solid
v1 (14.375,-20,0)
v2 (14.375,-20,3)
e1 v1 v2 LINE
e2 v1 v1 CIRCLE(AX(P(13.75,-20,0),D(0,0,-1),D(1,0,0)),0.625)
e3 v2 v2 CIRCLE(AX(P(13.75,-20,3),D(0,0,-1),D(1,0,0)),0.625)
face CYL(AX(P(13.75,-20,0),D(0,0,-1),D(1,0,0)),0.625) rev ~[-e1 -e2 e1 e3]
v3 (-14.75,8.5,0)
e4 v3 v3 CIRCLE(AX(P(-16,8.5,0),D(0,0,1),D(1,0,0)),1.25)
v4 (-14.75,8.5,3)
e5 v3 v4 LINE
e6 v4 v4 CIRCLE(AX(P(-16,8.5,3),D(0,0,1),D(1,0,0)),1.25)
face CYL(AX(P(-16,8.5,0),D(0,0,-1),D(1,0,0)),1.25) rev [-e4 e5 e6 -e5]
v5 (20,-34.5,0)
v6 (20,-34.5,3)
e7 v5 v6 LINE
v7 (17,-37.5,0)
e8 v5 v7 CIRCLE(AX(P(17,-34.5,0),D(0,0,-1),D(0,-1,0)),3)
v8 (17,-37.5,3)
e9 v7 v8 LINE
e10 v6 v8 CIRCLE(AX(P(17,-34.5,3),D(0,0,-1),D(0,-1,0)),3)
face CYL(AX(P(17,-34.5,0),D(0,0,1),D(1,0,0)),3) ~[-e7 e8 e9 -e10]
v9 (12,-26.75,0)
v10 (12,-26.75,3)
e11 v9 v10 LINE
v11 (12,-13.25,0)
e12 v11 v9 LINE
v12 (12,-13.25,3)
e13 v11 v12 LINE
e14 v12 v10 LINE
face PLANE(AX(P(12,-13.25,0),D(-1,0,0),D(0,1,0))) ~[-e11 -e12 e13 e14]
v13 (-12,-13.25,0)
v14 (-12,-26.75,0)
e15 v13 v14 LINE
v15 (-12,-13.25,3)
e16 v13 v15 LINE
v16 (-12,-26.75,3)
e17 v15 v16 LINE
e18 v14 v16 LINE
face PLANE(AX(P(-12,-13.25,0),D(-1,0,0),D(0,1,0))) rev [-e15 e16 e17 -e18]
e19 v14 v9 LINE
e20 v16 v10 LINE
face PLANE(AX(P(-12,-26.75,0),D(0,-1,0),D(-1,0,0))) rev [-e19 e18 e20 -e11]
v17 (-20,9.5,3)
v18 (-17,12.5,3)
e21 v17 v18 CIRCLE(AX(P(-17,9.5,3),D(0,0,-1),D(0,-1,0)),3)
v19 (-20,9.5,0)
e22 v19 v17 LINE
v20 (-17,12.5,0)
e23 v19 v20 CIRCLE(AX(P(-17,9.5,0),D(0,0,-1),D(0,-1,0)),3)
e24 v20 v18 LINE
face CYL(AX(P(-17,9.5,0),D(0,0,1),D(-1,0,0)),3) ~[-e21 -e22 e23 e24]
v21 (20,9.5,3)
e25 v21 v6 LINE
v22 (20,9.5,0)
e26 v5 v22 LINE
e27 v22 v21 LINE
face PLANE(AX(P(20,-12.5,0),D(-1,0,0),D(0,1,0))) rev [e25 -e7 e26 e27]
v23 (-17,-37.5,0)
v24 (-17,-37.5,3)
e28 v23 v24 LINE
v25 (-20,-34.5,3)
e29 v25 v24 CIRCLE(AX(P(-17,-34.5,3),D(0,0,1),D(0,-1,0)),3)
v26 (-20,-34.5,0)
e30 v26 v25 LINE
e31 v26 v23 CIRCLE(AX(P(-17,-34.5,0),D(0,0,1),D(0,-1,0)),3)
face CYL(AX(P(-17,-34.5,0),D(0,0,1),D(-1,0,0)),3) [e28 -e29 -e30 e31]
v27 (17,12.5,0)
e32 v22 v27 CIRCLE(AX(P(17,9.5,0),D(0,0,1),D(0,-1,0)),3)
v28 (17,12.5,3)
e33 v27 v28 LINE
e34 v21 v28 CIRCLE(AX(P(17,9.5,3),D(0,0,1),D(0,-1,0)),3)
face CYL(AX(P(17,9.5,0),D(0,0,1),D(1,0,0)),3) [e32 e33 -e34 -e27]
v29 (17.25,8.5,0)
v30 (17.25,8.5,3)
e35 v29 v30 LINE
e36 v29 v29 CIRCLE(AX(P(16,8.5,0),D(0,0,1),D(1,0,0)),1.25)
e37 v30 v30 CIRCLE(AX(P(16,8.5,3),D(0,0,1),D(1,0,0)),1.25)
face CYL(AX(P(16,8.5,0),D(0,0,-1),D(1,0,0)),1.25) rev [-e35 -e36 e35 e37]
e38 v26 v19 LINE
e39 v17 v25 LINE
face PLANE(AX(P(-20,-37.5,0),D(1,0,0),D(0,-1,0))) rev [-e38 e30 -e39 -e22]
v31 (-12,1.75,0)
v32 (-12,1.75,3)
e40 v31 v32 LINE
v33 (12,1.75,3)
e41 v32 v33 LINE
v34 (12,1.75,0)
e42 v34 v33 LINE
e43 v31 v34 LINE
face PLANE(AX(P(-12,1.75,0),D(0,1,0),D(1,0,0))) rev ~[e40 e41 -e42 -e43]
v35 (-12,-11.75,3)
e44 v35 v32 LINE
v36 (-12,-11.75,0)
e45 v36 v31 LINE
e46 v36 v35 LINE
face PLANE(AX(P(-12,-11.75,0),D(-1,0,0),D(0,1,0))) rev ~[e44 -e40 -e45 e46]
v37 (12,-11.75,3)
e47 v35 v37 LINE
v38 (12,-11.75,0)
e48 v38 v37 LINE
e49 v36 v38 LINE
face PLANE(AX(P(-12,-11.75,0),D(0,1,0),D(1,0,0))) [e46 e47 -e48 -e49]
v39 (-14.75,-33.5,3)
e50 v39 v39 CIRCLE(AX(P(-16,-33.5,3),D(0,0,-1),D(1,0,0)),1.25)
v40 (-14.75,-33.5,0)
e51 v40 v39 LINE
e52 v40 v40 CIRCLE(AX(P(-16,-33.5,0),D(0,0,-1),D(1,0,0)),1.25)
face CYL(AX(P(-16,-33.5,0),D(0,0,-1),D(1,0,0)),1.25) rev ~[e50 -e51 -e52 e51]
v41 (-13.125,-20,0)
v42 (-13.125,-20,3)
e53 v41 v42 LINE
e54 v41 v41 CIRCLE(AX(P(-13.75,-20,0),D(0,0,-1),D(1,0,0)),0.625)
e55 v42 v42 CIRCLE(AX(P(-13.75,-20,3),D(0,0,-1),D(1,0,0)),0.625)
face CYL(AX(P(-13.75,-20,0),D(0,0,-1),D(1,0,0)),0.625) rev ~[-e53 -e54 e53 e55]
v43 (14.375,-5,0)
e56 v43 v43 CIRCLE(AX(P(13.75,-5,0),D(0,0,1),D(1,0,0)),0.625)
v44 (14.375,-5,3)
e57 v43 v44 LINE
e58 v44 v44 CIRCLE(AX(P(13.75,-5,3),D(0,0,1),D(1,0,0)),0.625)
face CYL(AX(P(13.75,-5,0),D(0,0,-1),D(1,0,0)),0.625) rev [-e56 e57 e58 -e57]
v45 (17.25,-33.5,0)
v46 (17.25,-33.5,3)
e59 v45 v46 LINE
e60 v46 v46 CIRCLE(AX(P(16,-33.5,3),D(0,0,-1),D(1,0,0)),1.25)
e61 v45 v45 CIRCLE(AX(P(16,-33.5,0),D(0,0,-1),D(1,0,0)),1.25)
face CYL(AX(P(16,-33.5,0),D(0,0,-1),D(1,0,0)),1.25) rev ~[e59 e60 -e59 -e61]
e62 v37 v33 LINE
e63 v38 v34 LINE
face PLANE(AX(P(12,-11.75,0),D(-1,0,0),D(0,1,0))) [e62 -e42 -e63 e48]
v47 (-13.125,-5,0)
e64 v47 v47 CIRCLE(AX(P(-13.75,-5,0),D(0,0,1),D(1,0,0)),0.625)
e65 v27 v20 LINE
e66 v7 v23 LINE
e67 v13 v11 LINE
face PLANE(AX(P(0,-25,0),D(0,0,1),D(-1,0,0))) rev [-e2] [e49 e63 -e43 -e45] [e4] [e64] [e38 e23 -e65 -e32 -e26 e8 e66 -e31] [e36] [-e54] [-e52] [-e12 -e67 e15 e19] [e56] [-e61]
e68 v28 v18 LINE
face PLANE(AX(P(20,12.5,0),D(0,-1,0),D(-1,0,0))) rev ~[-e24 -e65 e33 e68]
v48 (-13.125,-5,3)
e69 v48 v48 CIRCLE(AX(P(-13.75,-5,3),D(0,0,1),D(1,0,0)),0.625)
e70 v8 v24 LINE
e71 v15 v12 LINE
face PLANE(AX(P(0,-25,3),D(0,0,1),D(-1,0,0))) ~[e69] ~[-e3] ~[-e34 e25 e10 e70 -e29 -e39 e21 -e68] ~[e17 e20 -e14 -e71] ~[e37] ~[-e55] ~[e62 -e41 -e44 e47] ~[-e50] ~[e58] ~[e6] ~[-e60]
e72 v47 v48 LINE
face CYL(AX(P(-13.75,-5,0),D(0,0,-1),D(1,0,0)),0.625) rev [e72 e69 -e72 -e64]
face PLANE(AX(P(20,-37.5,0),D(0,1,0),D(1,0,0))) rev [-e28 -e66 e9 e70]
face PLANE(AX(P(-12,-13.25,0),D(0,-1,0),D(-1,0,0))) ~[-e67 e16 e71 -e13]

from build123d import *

# Parameters (mm, degrees)
F0_R     = 0.625
F0_W     = 24
F0_H     = 13.5
F0_R_2   = 1.25
F1_DEPTH = 3
F3_R     = 3


with BuildPart() as f1:
    # F0 (on Top) → F1 (new body)
    with BuildSketch(Plane.XY):
        Polygon((20, -12.5), (20, 12.5), (16, 12.5), (-20, 12.5), (-20, -12.5), align=None)
        with Locations((-13.75, -5)):
            Circle(F0_R, mode=Mode.SUBTRACT)
        with Locations((0, -5)):
            Rectangle(F0_W, F0_H, mode=Mode.SUBTRACT)
        with Locations((13.75, -5)):
            Circle(F0_R, mode=Mode.SUBTRACT)
        with Locations((-16, 8.5)):
            Circle(F0_R_2, mode=Mode.SUBTRACT)
        with Locations((16, 8.5)):
            Circle(F0_R_2, mode=Mode.SUBTRACT)
    extrude(amount=F1_DEPTH)

    # F2: F1 across face


with BuildPart() as f1_1:
    add(f1.part)
    add(f1.part.mirror(Plane(origin=(0, -12.5, 1.5), x_dir=(1, 0, 0), z_dir=(0, -1, 0))))

    # F3
    f3_edges = [f1_1.edges().sort_by_distance(p)[0] for p in [
        (-20, -37.5, 1.5),
        (20, -37.5, 1.5),
        (20, 12.5, 1.5),
        (-20, 12.5, 1.5),
    ]]
    fillet(f3_edges, radius=F3_R)


solid = f1_1.part
